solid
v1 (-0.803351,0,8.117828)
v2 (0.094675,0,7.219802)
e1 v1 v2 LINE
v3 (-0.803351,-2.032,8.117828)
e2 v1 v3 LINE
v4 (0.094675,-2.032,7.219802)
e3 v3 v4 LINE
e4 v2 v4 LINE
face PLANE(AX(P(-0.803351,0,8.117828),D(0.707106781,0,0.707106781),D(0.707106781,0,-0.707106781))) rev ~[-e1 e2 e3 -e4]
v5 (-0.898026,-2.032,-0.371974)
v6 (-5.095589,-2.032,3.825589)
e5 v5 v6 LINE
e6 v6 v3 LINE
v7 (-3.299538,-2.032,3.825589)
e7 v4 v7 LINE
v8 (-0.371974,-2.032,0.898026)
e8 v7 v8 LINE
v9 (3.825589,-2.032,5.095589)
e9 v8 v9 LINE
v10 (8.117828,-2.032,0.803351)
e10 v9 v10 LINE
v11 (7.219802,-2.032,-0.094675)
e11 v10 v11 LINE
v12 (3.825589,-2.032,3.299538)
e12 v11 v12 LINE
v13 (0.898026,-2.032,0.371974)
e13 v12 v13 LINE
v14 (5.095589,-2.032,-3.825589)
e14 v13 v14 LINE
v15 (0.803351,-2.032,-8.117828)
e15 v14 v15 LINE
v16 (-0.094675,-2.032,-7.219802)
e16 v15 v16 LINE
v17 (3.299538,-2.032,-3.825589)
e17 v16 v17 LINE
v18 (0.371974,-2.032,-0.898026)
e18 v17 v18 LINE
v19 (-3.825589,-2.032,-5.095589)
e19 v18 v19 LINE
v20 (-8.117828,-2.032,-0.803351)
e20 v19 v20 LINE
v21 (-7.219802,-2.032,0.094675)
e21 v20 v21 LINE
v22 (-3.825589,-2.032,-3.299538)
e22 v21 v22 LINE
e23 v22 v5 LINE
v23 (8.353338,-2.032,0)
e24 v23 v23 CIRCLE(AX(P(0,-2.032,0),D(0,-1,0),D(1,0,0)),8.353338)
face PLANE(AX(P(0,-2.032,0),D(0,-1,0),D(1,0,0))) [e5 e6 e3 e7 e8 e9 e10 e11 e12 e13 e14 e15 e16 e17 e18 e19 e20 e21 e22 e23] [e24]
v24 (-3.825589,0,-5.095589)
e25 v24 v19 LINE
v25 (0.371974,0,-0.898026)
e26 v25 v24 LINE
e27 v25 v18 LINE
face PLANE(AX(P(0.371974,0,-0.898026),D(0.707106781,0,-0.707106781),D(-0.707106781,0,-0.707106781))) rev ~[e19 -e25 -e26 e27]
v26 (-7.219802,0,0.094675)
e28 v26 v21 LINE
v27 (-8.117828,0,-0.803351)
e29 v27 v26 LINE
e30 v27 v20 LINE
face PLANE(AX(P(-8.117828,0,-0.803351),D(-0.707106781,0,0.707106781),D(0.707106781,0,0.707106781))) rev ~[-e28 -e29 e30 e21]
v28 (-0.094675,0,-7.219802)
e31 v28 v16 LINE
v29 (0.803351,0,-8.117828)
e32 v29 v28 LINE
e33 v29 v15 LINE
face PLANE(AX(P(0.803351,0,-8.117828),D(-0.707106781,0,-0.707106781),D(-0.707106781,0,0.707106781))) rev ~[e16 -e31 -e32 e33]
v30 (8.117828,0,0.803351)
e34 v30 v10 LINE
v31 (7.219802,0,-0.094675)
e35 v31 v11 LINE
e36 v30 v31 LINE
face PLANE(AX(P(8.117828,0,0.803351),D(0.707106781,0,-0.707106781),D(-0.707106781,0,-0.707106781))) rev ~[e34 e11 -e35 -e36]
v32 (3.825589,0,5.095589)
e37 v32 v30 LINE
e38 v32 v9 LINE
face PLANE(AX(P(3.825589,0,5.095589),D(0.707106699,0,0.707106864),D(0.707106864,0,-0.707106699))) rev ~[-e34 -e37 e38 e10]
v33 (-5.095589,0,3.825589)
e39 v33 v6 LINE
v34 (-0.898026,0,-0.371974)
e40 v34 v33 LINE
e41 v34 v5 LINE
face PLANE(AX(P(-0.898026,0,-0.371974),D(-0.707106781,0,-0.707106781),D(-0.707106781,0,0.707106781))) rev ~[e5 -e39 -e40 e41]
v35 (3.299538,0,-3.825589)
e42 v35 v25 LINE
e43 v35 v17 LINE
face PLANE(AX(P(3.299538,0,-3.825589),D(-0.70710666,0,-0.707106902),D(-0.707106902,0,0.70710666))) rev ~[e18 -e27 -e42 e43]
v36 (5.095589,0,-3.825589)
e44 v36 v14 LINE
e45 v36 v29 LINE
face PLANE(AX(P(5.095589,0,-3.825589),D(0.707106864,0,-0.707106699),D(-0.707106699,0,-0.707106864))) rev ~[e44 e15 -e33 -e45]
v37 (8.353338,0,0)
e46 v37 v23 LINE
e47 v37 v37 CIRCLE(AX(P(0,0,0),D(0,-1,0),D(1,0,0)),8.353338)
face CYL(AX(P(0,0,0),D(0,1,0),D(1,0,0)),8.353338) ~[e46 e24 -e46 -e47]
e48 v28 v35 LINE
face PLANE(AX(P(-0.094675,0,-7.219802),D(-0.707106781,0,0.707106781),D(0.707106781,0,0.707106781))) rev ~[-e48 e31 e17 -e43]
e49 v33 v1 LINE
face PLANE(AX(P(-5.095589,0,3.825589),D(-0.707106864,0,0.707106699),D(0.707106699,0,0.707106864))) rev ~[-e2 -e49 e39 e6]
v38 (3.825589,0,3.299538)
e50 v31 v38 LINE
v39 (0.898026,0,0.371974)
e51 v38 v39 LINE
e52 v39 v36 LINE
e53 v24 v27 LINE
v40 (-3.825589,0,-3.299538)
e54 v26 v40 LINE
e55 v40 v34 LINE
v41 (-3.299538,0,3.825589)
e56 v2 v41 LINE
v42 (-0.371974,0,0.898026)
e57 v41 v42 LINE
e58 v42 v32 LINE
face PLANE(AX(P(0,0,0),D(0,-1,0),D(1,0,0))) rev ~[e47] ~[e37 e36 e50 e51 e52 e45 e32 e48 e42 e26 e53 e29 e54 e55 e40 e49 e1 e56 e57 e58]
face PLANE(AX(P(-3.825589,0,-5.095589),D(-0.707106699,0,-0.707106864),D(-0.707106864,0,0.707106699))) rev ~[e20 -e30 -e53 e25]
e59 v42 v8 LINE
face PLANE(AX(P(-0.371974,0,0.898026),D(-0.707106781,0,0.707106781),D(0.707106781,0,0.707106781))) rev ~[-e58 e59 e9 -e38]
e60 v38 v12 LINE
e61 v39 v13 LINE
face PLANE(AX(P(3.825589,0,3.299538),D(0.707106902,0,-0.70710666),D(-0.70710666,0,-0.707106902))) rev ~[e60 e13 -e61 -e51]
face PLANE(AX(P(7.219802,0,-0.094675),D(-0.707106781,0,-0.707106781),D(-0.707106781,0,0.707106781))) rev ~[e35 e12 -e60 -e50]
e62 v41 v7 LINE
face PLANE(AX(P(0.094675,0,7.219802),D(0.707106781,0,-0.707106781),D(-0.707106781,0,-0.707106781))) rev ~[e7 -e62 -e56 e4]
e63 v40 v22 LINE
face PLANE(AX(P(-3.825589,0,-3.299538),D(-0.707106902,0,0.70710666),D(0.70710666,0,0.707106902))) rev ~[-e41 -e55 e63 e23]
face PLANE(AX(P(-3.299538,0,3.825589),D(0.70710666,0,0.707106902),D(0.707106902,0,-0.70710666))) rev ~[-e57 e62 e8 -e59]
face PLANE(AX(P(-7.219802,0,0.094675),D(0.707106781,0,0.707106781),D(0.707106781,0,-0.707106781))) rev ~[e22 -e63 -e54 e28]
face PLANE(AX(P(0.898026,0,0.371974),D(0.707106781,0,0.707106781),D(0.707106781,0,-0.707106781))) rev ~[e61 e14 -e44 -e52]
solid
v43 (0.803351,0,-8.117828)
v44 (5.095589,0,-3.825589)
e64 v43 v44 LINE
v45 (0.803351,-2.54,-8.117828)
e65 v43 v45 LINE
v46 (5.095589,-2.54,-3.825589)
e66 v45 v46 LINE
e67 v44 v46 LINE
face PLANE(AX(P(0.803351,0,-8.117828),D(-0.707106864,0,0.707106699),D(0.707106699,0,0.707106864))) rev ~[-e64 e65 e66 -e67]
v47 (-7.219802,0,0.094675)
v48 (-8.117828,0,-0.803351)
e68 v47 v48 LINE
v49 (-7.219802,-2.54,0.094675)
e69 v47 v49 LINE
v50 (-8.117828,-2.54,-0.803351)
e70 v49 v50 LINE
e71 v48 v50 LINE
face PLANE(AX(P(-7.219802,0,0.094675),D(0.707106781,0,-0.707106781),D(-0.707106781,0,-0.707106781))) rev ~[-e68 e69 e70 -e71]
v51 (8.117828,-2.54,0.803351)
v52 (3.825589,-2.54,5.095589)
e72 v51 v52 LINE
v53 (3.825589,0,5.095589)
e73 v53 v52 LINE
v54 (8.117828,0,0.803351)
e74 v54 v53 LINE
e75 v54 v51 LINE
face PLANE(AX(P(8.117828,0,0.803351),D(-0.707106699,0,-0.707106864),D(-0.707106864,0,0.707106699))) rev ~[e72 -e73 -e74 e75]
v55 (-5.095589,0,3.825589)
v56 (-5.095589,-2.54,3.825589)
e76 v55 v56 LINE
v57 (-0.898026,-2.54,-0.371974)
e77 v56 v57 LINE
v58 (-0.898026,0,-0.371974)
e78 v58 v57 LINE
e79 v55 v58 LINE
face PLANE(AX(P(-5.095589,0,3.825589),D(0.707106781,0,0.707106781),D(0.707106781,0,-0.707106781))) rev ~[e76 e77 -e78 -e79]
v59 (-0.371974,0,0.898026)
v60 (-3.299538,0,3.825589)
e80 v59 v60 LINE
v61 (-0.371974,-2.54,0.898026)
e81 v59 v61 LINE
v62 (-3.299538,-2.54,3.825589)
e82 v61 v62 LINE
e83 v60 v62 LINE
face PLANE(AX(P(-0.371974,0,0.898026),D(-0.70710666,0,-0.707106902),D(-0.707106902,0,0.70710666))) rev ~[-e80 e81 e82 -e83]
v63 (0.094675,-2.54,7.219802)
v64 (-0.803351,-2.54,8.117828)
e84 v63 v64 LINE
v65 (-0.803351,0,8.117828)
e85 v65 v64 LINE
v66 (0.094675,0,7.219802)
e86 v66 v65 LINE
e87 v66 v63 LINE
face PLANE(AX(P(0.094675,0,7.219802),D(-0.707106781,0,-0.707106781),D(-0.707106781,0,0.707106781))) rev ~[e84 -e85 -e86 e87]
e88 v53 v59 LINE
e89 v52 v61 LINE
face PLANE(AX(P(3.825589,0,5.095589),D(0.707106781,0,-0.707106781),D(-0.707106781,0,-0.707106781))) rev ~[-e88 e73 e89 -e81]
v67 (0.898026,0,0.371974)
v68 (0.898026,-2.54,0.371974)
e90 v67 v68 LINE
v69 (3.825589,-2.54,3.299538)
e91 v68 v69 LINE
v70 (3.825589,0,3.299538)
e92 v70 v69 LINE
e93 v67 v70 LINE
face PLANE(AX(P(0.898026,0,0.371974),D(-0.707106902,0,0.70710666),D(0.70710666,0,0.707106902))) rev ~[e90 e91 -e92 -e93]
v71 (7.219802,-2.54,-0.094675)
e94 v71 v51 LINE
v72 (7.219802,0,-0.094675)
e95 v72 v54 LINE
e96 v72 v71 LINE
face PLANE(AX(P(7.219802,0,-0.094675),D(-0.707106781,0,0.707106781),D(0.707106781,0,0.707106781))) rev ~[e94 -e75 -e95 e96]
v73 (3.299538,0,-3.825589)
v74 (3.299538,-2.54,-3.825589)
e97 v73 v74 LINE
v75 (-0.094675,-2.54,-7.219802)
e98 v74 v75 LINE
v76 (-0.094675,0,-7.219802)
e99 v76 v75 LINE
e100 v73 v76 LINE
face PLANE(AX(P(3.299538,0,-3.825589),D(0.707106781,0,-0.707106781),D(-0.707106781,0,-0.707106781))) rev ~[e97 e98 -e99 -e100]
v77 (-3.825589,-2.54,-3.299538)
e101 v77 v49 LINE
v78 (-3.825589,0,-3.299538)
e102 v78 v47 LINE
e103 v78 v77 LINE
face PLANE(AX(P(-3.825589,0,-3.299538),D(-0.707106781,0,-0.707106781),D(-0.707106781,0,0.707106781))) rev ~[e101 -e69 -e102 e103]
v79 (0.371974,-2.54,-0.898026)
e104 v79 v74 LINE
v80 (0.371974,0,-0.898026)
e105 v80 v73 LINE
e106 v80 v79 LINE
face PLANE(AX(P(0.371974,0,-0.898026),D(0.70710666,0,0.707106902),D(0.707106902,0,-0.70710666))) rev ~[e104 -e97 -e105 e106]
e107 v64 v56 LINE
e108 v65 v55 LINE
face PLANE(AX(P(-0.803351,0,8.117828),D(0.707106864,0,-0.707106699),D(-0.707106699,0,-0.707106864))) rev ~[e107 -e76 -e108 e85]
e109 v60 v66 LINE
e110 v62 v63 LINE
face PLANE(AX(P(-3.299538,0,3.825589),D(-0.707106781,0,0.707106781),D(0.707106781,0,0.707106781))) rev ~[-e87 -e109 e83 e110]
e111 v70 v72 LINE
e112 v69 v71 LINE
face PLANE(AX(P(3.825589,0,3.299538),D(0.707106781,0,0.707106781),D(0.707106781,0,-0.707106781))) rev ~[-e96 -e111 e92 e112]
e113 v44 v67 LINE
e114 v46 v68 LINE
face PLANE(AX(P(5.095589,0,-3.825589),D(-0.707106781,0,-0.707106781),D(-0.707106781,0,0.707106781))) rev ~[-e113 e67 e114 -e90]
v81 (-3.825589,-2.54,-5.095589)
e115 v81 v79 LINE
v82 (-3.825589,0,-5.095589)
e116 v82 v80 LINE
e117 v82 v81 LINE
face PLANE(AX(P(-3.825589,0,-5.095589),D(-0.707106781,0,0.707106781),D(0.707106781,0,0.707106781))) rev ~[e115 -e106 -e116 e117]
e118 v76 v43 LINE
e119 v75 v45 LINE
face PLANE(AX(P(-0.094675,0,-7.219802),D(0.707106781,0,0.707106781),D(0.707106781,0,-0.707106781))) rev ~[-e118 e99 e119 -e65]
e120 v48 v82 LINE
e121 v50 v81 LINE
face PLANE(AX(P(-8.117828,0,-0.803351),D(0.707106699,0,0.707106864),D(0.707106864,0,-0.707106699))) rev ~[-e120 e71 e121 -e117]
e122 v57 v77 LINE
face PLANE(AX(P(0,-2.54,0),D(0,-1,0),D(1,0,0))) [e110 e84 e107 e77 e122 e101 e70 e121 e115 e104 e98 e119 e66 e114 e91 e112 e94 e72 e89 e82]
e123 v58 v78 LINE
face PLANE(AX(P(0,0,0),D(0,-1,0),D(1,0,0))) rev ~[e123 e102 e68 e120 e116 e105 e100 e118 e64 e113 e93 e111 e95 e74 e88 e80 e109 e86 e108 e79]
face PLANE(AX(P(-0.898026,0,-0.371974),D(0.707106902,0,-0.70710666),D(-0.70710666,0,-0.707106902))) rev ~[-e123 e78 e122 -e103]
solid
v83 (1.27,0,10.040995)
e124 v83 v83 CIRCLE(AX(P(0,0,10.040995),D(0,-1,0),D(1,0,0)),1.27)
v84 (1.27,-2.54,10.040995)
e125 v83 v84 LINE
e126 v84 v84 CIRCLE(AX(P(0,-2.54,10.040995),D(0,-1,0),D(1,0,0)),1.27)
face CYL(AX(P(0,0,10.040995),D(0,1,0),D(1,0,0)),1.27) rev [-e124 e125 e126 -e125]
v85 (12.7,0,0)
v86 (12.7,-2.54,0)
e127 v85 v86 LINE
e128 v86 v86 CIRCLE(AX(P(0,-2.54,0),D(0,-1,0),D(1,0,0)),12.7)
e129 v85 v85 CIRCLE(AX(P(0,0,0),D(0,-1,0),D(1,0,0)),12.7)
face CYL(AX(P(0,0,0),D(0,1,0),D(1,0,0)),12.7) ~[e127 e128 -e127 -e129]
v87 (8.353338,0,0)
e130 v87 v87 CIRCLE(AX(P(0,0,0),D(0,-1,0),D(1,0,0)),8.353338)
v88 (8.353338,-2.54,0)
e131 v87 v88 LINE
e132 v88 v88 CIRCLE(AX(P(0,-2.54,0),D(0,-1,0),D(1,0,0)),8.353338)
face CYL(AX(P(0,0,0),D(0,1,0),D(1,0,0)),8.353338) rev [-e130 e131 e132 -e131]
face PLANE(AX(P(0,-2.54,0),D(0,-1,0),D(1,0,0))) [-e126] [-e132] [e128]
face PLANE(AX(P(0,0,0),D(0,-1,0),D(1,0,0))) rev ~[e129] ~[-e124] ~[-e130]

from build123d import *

# Parameters (mm, degrees)
F0_R     = 12.7
F0_R_2   = 8.353338
F0_R_3   = 1.27
F1_DEPTH = 2.54
F2_DEPTH = 2.032


with BuildPart() as f1:
    # F0 (on Front) → F1 (new body)
    with BuildSketch(Plane.XZ):
        Circle(F0_R)
        Circle(F0_R_2, mode=Mode.SUBTRACT)
        with Locations((0, 10.040995)):
            Circle(F0_R_3, mode=Mode.SUBTRACT)
        Polygon((-5.095589, 3.825589), (-0.898026, -0.371974), (-3.825589, -3.299538), (-7.219802, 0.094675), (-8.117828, -0.803351), (-3.825589, -5.095589), (0.371974, -0.898026), (3.299538, -3.825589), (-0.094675, -7.219802), (0.803351, -8.117828), (5.095589, -3.825589), (0.898026, 0.371974), (3.825589, 3.299538), (7.219802, -0.094675), (8.117828, 0.803351), (3.825589, 5.095589), (-0.371974, 0.898026), (-3.299538, 3.825589), (0.094675, 7.219802), (-0.803351, 8.117828), align=None)
    extrude(amount=F1_DEPTH)


with BuildPart() as f2:
    # F0 (on Front) → F2 (new body)
    with BuildSketch(Plane.XZ):
        Circle(F0_R_2)
        Polygon((-3.825589, -3.299538), (-0.898026, -0.371974), (-5.095589, 3.825589), (-0.803351, 8.117828), (0.094675, 7.219802), (-3.299538, 3.825589), (-0.371974, 0.898026), (3.825589, 5.095589), (8.117828, 0.803351), (7.219802, -0.094675), (3.825589, 3.299538), (0.898026, 0.371974), (5.095589, -3.825589), (0.803351, -8.117828), (-0.094675, -7.219802), (3.299538, -3.825589), (0.371974, -0.898026), (-3.825589, -5.095589), (-8.117828, -0.803351), (-7.219802, 0.094675), align=None, mode=Mode.SUBTRACT)
    extrude(amount=F2_DEPTH)


solid = Compound([f1.part, f2.part])
